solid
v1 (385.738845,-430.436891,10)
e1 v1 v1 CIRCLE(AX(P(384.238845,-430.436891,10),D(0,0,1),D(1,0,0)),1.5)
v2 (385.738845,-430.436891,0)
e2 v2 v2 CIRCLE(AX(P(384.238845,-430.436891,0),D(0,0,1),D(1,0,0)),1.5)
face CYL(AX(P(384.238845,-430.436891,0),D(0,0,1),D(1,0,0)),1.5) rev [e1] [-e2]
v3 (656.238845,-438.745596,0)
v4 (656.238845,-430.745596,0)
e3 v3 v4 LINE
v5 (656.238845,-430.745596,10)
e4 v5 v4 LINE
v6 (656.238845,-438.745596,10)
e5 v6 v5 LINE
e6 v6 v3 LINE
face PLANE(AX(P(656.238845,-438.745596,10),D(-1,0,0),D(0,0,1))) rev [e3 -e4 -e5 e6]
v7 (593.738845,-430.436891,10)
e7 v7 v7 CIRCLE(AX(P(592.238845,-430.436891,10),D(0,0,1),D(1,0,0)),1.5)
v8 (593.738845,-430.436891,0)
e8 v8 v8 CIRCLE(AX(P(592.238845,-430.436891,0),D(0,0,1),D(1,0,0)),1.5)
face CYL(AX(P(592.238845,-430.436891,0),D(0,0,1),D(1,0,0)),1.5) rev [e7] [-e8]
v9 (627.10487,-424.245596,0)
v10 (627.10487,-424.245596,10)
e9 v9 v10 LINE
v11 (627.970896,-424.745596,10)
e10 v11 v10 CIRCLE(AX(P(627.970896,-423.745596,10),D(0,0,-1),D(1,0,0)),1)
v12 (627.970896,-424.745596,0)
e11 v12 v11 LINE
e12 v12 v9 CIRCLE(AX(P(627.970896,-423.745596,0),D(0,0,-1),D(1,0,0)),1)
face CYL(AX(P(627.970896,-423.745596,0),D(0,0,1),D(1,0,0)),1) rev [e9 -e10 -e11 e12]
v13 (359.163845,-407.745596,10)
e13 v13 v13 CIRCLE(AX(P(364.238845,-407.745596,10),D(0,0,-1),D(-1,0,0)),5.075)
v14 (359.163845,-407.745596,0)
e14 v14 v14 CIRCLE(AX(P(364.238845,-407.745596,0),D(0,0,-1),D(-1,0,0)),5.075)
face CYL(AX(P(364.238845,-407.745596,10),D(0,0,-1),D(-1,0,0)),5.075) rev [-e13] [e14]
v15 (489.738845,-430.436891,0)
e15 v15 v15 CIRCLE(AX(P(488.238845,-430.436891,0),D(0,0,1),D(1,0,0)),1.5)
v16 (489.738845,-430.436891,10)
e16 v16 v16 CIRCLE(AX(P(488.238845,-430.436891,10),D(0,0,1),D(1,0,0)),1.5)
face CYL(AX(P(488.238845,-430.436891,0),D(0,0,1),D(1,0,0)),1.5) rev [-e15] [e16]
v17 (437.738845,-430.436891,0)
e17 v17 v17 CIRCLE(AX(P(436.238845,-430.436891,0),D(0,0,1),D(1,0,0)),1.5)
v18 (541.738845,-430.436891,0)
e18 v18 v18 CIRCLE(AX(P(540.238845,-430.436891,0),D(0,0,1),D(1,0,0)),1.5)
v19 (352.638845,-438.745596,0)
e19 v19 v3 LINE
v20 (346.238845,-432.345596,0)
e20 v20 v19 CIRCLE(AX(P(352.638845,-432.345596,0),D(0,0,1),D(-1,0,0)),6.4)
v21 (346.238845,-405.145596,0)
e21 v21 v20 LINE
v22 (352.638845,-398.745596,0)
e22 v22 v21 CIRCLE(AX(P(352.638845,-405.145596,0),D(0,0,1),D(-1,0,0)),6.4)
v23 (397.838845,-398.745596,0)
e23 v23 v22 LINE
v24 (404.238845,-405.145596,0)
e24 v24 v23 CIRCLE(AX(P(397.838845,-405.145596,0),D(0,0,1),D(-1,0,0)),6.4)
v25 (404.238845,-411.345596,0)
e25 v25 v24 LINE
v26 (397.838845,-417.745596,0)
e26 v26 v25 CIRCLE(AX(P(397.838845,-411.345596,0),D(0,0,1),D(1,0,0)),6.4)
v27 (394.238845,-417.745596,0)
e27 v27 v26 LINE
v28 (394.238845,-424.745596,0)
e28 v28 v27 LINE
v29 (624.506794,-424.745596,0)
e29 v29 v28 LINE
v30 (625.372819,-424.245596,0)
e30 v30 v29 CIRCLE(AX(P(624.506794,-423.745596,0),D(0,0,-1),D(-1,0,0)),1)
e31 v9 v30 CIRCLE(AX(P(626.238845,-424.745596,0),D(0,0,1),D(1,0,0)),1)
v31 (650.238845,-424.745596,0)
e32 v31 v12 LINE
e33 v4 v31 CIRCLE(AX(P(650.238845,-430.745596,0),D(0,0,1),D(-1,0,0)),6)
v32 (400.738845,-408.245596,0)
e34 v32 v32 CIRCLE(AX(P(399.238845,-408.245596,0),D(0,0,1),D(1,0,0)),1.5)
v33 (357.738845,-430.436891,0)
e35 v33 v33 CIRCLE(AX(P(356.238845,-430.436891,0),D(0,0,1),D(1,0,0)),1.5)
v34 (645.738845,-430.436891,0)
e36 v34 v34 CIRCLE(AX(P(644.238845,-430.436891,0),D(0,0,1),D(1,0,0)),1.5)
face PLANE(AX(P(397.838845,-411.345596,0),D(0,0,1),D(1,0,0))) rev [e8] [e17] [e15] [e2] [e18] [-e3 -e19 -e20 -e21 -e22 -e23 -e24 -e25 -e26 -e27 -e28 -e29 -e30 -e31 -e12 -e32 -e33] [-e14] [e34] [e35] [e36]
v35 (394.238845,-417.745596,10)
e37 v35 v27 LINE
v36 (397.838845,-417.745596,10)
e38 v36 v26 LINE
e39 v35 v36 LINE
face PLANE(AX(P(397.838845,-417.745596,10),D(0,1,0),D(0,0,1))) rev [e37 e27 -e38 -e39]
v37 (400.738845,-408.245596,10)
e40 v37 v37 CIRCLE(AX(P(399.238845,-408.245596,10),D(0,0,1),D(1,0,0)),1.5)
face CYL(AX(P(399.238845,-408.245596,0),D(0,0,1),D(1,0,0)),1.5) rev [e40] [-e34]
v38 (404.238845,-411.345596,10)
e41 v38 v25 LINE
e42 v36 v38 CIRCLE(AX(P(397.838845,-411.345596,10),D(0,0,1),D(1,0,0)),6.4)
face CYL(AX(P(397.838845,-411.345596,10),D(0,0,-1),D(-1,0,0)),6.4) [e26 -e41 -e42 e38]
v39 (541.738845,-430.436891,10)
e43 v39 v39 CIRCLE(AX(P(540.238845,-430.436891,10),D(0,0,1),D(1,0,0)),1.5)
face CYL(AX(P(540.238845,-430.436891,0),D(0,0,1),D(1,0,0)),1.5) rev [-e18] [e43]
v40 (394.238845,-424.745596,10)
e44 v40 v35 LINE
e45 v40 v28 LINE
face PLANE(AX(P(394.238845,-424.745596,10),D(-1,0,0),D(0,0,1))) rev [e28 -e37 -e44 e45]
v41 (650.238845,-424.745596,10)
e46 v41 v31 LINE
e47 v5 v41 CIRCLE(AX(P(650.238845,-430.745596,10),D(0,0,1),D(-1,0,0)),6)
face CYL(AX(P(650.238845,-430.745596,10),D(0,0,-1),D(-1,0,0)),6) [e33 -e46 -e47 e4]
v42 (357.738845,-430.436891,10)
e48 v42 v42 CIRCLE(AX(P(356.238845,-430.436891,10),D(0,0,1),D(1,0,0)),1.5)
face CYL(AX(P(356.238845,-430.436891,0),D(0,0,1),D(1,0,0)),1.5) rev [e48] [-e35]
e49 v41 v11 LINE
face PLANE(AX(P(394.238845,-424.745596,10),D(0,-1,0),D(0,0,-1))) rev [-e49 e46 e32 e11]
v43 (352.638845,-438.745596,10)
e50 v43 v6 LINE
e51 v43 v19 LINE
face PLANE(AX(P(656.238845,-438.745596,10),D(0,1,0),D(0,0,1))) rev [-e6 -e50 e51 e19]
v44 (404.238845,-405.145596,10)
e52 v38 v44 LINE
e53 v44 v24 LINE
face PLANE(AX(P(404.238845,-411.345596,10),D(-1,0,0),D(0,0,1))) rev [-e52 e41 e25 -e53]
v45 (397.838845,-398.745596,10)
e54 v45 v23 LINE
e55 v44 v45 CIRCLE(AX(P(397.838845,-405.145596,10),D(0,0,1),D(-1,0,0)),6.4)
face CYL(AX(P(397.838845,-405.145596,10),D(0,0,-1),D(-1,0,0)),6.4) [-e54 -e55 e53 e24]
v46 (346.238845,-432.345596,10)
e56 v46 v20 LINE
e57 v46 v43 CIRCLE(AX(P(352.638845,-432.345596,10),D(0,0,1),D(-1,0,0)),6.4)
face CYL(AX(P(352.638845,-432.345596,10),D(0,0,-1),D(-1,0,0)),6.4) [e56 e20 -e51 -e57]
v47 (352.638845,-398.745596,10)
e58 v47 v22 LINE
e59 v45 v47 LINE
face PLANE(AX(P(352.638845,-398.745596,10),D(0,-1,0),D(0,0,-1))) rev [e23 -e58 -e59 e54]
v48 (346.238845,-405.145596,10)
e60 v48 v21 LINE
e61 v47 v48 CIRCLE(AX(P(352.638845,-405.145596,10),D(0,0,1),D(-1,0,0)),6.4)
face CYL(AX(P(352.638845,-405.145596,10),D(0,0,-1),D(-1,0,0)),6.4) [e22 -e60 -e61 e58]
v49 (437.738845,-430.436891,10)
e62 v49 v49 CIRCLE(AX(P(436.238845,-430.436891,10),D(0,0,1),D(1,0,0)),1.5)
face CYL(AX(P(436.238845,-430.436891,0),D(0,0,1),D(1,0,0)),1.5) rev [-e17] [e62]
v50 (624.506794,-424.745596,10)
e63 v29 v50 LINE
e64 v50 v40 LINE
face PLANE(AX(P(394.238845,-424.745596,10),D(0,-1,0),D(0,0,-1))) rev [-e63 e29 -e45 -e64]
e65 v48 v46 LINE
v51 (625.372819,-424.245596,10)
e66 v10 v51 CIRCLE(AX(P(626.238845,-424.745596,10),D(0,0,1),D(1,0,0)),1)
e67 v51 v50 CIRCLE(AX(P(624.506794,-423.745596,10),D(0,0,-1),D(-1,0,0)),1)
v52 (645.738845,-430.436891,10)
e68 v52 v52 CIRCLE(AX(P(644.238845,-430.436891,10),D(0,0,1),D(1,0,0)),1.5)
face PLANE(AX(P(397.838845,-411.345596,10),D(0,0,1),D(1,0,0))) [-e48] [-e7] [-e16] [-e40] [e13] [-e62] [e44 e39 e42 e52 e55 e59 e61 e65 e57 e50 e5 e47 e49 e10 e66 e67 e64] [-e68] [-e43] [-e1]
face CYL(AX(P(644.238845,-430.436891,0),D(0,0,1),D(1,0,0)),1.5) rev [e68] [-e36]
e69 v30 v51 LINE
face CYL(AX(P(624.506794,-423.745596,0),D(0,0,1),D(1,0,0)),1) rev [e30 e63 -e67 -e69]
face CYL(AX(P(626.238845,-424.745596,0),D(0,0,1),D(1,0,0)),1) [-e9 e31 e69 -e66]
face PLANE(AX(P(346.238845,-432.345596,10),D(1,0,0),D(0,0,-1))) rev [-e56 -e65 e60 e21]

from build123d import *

# Parameters (mm, degrees)
DODANIE_WYCI_GNI_CIE1_DEPTH = 10
SZKIC2_R                    = 1.5
WYTNIJ_WYCI_GNI_CIE1_DEPTH  = 10
SZKIC5_R                    = 5.075
WYTNIJ_WYCI_GNI_CIE2_DEPTH  = 10
WYTNIJ_WYCI_GNI_CIE3_DEPTH  = 10
DODANIE_WYCI_GNI_CIE2_DEPTH = 10


with BuildPart() as part:
    # Szkic1 → Dodanie-wyciągnięcie1 (new body)
    with BuildSketch(Plane.XY):
        with BuildLine():
            Line((656.238844698, -438.745595983), (352.638844698, -438.745595983))
            ThreePointArc((352.638844698, -438.745595983), (348.113361298, -436.871079382), (346.238844698, -432.345595983))
            Line((346.238844698, -432.345595983), (346.238844698, -405.145595983))
            ThreePointArc((346.238844698, -405.145595983), (348.113361298, -400.620112583), (352.638844698, -398.745595983))
            Line((352.638844698, -398.745595983), (394.238844698, -398.745595983))
            Line((394.238844698, -398.745595983), (397.838844698, -398.745595983))
            ThreePointArc((397.838844698, -398.745595983), (402.364328097, -400.620112583), (404.238844698, -405.145595983))
            Line((404.238844698, -405.145595983), (404.238844698, -411.345595983))
            ThreePointArc((404.238844698, -411.345595983), (402.364328097, -415.871079382), (397.838844698, -417.745595983))
            Line((397.838844698, -417.745595983), (394.238844698, -417.745595983))
            Line((394.238844698, -417.745595983), (394.238844698, -424.745595983))
            Line((394.238844698, -424.745595983), (656.238844698, -424.745595983))
            Line((656.238844698, -424.745595983), (656.238844698, -438.745595983))
        make_face()
    extrude(amount=DODANIE_WYCI_GNI_CIE1_DEPTH)

    # Szkic2 → Wytnij-wyciągnięcie1 (cut)
    with BuildSketch(Plane.XY.offset(10)):
        with Locations((644.238844698, -430.4368906)):
            Circle(SZKIC2_R)
        with Locations((592.238844698, -430.4368906)):
            Circle(SZKIC2_R)
        with Locations((540.238844698, -430.4368906)):
            Circle(SZKIC2_R)
        with Locations((488.238844698, -430.4368906)):
            Circle(SZKIC2_R)
        with Locations((436.238844698, -430.4368906)):
            Circle(SZKIC2_R)
        with Locations((384.238844698, -430.4368906)):
            Circle(SZKIC2_R)
        with Locations((356.238844698, -430.4368906)):
            Circle(SZKIC2_R)
        with Locations((399.238844698, -408.245595983)):
            Circle(SZKIC2_R)
    extrude(amount=-WYTNIJ_WYCI_GNI_CIE1_DEPTH, mode=Mode.SUBTRACT)

    # Szkic5 → Wytnij-wyciągnięcie2 (cut)
    with BuildSketch(Plane(origin=(0, 0, 0), x_dir=(-1, 0, 0), z_dir=(0, 0, -1))):
        with Locations((-364.238844698, -407.745595983)):
            Circle(SZKIC5_R)
    extrude(amount=-WYTNIJ_WYCI_GNI_CIE2_DEPTH, mode=Mode.SUBTRACT)

    # Szkic6 → Wytnij-wyciągnięcie3 (cut)
    with BuildSketch(Plane(origin=(0, 0, 0), x_dir=(-1, 0, 0), z_dir=(0, 0, -1))):
        with BuildLine():
            Line((-656.238844698, -430.745595983), (-656.238844698, -424.745595983))
            Line((-656.238844698, -424.745595983), (-650.238844698, -424.745595983))
            ThreePointArc((-650.238844698, -424.745595983), (-654.481485385, -426.502955296), (-656.238844698, -430.745595983))
        make_face()
    extrude(amount=-WYTNIJ_WYCI_GNI_CIE3_DEPTH, mode=Mode.SUBTRACT)

    # Szkic7 → Dodanie-wyciągnięcie2 (add)
    with BuildSketch(Plane.XY.offset(10)):
        with BuildLine():
            Line((624.50679389, -424.745595983), (627.970895505, -424.745595983))
            ThreePointArc((627.970895505, -424.745595983), (627.470895505, -424.611621386), (627.104870102, -424.245595983))
            ThreePointArc((627.104870102, -424.245595983), (626.238844698, -423.745595983), (625.372819294, -424.245595983))
            ThreePointArc((625.372819294, -424.245595983), (625.00679389, -424.611621386), (624.50679389, -424.745595983))
        make_face()
    extrude(amount=-DODANIE_WYCI_GNI_CIE2_DEPTH)


solid = part.part
